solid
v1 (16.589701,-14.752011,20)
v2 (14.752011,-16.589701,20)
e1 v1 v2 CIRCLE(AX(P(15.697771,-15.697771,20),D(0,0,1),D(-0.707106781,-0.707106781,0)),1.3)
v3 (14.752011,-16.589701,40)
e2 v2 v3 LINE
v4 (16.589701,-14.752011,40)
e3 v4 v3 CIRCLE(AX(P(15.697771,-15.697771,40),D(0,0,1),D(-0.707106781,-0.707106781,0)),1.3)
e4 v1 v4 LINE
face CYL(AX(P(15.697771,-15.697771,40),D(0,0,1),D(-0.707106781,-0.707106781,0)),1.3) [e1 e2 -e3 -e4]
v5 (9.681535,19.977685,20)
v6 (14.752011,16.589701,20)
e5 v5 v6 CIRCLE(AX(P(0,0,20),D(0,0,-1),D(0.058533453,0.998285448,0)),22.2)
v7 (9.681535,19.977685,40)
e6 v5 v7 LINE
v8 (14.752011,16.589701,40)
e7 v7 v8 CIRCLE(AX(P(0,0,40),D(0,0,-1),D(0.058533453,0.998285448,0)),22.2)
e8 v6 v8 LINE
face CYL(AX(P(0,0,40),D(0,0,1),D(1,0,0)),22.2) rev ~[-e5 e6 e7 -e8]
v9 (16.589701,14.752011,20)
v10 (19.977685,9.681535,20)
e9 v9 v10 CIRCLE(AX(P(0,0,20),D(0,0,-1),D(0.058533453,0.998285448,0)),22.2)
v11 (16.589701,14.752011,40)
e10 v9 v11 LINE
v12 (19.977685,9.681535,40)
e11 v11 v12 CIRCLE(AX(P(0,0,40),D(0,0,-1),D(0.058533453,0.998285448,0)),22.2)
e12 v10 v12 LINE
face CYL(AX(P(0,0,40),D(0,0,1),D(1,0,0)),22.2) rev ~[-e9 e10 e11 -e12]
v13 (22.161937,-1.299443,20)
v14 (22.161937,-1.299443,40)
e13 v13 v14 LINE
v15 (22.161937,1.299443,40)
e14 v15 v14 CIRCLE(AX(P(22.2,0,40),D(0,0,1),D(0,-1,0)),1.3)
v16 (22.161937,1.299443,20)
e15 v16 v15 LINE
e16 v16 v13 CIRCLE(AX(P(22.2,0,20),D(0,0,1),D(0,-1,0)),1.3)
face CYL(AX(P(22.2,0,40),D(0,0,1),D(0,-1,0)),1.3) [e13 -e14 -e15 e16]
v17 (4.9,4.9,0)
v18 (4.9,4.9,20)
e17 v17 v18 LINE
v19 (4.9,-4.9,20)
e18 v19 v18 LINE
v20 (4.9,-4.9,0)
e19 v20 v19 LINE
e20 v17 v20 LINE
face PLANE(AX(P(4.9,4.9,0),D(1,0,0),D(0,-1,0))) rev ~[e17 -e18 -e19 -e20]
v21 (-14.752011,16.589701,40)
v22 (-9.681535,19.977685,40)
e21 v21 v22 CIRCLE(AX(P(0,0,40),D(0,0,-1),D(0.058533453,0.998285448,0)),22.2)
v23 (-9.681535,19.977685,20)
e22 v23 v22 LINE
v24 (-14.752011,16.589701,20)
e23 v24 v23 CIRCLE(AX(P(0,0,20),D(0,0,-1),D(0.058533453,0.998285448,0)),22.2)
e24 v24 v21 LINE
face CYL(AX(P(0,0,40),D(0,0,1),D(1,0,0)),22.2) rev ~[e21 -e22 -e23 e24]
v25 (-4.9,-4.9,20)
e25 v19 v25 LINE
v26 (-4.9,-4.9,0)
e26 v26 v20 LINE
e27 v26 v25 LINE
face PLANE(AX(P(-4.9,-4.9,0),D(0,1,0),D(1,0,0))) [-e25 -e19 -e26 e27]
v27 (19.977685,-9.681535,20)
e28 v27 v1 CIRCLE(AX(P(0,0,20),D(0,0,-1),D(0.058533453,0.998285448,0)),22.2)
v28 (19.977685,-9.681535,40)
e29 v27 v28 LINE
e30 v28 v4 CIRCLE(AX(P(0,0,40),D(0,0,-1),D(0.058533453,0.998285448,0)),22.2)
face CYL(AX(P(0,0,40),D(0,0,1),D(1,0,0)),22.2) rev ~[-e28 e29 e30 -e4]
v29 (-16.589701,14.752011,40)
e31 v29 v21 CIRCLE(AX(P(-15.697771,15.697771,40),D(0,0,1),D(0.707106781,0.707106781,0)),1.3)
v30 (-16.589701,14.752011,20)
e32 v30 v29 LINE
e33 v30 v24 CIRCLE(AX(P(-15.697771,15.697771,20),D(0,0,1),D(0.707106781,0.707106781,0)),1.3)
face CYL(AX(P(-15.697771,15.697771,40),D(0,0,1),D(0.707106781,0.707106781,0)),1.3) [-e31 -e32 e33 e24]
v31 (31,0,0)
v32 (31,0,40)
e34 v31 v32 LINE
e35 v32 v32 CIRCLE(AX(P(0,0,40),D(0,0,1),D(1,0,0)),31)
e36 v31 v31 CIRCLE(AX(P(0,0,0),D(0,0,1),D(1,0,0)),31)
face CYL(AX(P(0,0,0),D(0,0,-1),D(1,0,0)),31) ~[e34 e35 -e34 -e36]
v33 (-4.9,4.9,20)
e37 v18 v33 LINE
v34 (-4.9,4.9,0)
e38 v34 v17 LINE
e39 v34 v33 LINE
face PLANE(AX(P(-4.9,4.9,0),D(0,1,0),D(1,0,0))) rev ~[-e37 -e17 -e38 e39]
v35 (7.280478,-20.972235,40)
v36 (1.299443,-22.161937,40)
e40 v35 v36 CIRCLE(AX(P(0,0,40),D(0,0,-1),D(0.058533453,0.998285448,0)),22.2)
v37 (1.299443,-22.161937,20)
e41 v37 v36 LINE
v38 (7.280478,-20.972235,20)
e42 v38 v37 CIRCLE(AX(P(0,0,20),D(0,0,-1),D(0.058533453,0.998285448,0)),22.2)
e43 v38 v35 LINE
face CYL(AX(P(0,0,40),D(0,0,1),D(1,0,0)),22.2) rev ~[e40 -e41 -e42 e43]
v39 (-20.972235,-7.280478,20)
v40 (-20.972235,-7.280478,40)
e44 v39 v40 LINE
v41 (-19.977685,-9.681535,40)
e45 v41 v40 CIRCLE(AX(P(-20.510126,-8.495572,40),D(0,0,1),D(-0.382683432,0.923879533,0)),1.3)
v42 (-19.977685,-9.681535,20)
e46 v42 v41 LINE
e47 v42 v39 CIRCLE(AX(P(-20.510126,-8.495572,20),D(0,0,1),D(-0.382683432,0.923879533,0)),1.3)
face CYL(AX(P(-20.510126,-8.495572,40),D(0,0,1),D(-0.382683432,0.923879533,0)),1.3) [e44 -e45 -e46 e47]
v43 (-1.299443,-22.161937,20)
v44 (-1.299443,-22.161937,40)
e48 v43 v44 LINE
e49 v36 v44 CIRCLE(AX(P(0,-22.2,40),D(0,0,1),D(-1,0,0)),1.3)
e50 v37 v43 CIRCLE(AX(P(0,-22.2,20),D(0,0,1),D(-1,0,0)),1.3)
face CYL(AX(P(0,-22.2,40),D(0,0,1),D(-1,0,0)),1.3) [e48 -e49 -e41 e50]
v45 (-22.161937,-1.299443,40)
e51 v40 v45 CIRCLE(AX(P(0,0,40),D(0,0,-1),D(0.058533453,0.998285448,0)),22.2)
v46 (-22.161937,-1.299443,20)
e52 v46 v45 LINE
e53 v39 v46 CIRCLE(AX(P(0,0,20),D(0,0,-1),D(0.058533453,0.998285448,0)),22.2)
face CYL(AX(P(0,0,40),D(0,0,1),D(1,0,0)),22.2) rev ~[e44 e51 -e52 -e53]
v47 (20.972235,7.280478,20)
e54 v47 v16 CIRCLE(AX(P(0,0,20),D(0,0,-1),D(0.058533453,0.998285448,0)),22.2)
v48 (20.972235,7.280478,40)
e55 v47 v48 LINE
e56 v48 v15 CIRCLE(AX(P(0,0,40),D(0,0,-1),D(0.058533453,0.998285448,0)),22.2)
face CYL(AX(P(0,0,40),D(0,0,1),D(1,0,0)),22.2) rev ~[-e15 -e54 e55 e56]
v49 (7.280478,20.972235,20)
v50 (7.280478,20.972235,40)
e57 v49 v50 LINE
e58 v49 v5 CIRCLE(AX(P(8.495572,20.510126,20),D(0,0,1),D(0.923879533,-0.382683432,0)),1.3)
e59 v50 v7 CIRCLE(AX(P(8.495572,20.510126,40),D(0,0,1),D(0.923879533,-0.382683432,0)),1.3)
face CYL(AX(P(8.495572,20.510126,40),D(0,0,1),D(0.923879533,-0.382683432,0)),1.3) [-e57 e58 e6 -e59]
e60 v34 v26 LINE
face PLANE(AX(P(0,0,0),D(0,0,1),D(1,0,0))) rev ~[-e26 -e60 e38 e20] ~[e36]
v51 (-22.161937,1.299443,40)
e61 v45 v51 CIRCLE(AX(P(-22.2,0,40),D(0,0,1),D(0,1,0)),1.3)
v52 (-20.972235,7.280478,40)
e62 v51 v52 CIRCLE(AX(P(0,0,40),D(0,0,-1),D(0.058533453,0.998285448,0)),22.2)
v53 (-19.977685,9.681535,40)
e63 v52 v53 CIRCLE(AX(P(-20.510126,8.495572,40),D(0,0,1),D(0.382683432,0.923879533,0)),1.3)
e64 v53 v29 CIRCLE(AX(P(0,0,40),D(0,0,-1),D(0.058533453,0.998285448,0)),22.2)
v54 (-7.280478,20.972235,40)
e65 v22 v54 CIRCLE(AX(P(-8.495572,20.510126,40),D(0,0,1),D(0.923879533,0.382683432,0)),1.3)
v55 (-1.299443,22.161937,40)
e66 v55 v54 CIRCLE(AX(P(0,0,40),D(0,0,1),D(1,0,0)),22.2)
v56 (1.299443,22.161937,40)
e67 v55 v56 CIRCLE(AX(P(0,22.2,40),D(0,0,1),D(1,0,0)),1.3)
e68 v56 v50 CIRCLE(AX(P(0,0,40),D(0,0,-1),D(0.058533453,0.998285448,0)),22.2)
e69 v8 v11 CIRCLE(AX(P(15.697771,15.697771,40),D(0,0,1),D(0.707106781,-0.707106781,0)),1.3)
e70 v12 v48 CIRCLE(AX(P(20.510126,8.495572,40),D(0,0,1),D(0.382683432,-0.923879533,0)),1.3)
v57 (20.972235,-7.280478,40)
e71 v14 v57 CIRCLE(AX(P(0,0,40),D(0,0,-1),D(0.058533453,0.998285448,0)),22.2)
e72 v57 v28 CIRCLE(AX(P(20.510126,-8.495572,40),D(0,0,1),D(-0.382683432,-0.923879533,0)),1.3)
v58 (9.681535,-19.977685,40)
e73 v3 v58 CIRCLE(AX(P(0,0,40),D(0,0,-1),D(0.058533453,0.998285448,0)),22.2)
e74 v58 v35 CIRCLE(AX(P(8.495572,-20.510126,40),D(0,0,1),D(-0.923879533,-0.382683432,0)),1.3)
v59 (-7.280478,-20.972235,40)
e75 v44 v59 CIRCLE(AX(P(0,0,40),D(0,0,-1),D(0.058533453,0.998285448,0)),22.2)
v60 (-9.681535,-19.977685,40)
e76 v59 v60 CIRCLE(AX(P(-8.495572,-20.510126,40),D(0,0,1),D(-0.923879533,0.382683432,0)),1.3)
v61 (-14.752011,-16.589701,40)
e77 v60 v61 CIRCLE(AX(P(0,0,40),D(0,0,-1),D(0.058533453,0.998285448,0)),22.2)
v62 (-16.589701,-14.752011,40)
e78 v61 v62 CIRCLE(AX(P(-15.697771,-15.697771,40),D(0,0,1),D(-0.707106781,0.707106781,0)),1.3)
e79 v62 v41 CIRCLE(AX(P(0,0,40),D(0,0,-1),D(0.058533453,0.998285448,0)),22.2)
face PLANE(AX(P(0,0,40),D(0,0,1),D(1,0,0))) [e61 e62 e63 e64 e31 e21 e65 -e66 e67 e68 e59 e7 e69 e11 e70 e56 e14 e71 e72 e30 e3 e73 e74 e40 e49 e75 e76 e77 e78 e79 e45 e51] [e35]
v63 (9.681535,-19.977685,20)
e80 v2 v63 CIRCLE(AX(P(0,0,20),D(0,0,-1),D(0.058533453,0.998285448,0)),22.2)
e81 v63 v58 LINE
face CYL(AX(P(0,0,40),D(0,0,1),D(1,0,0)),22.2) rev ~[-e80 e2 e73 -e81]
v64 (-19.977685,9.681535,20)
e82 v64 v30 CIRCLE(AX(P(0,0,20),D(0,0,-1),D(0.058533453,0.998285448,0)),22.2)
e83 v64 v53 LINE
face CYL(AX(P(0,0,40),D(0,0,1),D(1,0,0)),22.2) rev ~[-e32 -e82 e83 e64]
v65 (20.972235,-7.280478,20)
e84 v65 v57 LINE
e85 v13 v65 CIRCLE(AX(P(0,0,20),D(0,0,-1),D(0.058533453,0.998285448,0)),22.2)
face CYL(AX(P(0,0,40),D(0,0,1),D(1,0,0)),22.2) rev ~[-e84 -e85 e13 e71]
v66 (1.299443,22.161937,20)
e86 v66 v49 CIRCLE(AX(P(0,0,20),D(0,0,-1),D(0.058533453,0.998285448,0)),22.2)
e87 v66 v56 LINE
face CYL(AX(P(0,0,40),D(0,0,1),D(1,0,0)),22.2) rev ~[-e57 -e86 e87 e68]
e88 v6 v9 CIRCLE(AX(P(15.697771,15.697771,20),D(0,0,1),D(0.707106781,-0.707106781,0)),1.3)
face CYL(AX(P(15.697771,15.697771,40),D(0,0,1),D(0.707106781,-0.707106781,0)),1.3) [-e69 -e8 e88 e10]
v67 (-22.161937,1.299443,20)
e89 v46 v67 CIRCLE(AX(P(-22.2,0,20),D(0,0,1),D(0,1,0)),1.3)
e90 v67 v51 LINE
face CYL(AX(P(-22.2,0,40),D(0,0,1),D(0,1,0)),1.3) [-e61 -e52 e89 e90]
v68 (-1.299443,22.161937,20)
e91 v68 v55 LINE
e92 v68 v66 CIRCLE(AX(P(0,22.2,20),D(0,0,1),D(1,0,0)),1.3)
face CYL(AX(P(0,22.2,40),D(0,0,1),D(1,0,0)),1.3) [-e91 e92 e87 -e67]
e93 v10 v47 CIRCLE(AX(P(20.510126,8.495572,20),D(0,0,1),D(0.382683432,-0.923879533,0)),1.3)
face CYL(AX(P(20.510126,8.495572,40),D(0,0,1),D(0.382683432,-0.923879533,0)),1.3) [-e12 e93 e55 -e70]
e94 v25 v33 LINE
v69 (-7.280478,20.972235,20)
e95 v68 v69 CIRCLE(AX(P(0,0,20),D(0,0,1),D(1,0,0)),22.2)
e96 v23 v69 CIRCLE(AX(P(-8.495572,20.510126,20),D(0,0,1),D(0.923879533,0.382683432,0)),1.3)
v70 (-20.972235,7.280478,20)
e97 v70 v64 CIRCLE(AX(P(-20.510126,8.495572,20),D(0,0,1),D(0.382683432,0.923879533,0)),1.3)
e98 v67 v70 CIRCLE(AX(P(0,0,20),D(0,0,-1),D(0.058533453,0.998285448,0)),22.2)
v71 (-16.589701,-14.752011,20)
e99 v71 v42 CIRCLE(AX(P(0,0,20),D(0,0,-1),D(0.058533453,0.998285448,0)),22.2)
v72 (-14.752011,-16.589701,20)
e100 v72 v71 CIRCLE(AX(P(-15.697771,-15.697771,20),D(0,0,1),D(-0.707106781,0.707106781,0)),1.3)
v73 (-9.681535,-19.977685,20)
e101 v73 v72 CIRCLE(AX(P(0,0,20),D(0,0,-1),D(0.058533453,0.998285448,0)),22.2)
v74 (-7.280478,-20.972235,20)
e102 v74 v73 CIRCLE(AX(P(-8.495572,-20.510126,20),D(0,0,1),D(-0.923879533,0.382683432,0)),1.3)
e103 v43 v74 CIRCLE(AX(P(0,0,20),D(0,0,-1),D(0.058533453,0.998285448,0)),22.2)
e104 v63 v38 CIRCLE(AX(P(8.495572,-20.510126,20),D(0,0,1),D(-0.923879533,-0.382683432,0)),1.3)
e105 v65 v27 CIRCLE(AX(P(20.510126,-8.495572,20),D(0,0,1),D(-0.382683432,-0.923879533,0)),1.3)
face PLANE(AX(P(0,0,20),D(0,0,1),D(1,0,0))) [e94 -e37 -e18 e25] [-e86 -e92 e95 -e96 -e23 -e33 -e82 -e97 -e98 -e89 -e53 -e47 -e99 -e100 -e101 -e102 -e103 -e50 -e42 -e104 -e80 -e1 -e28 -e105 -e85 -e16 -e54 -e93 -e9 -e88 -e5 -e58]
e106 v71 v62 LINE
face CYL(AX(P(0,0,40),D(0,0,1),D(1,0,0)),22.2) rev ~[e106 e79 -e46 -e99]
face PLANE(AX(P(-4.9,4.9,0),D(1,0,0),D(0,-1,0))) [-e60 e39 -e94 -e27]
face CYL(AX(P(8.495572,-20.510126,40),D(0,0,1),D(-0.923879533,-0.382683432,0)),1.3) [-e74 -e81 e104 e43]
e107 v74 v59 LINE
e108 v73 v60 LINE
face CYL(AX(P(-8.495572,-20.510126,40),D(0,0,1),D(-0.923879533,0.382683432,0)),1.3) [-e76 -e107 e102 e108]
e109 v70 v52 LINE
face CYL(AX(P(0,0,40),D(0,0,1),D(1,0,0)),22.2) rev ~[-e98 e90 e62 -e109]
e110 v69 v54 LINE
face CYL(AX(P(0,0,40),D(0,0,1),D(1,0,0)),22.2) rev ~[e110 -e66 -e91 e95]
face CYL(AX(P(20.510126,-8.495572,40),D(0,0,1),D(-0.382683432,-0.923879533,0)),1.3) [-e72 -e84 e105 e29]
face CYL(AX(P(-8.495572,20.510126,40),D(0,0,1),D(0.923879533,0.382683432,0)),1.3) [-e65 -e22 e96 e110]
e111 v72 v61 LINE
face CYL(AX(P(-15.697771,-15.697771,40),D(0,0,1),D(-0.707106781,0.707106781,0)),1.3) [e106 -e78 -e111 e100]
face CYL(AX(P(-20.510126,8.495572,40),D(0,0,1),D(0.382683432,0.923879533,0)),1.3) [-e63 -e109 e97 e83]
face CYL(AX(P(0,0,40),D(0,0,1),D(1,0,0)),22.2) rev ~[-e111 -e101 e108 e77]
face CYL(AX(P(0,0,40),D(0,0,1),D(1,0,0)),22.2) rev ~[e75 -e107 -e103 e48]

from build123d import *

# Parameters (mm, degrees)
SKETCH_R           = 31
PAD_DEPTH          = 40
SKETCH001_R        = 22.2
POCKET_DEPTH       = 20
SKETCH002_R        = 1.3
PAD001_DEPTH       = 25
POLARPATTERN_COUNT = 16
SKETCH003_W        = 9.8
SKETCH003_H        = 9.8
POCKET001_DEPTH    = 40.001


with BuildPart() as part:
    # Sketch → Pad (new body)
    with BuildSketch(Plane.XY):
        Circle(SKETCH_R)
    extrude(amount=PAD_DEPTH)

    # Sketch001 → Pocket (cut)
    with BuildSketch(Plane.XY.offset(40)):
        Circle(SKETCH001_R)
    extrude(amount=-POCKET_DEPTH, mode=Mode.SUBTRACT)

    # Sketch002 → Pad001 (new body)
    with BuildSketch(Plane.XY.offset(40)):
        with Locations((0, 22.2)):
            Circle(SKETCH002_R)
    pad001 = extrude(amount=-PAD001_DEPTH)

    # PolarPattern: Pad001 ×16 about axis
    polarpattern_axis = Axis((0, 0, 40), (0, 0, 1))
    for i in range(1, POLARPATTERN_COUNT):
        add(pad001.rotate(polarpattern_axis, i * 360 / POLARPATTERN_COUNT))

    # Sketch003 → Pocket001 (cut, through all)
    with BuildSketch(Plane(origin=(0, 0, 0), x_dir=(1, 0, 0), z_dir=(0, 0, -1))):
        Rectangle(SKETCH003_W, SKETCH003_H)
    extrude(amount=-POCKET001_DEPTH, mode=Mode.SUBTRACT)


solid = part.part
